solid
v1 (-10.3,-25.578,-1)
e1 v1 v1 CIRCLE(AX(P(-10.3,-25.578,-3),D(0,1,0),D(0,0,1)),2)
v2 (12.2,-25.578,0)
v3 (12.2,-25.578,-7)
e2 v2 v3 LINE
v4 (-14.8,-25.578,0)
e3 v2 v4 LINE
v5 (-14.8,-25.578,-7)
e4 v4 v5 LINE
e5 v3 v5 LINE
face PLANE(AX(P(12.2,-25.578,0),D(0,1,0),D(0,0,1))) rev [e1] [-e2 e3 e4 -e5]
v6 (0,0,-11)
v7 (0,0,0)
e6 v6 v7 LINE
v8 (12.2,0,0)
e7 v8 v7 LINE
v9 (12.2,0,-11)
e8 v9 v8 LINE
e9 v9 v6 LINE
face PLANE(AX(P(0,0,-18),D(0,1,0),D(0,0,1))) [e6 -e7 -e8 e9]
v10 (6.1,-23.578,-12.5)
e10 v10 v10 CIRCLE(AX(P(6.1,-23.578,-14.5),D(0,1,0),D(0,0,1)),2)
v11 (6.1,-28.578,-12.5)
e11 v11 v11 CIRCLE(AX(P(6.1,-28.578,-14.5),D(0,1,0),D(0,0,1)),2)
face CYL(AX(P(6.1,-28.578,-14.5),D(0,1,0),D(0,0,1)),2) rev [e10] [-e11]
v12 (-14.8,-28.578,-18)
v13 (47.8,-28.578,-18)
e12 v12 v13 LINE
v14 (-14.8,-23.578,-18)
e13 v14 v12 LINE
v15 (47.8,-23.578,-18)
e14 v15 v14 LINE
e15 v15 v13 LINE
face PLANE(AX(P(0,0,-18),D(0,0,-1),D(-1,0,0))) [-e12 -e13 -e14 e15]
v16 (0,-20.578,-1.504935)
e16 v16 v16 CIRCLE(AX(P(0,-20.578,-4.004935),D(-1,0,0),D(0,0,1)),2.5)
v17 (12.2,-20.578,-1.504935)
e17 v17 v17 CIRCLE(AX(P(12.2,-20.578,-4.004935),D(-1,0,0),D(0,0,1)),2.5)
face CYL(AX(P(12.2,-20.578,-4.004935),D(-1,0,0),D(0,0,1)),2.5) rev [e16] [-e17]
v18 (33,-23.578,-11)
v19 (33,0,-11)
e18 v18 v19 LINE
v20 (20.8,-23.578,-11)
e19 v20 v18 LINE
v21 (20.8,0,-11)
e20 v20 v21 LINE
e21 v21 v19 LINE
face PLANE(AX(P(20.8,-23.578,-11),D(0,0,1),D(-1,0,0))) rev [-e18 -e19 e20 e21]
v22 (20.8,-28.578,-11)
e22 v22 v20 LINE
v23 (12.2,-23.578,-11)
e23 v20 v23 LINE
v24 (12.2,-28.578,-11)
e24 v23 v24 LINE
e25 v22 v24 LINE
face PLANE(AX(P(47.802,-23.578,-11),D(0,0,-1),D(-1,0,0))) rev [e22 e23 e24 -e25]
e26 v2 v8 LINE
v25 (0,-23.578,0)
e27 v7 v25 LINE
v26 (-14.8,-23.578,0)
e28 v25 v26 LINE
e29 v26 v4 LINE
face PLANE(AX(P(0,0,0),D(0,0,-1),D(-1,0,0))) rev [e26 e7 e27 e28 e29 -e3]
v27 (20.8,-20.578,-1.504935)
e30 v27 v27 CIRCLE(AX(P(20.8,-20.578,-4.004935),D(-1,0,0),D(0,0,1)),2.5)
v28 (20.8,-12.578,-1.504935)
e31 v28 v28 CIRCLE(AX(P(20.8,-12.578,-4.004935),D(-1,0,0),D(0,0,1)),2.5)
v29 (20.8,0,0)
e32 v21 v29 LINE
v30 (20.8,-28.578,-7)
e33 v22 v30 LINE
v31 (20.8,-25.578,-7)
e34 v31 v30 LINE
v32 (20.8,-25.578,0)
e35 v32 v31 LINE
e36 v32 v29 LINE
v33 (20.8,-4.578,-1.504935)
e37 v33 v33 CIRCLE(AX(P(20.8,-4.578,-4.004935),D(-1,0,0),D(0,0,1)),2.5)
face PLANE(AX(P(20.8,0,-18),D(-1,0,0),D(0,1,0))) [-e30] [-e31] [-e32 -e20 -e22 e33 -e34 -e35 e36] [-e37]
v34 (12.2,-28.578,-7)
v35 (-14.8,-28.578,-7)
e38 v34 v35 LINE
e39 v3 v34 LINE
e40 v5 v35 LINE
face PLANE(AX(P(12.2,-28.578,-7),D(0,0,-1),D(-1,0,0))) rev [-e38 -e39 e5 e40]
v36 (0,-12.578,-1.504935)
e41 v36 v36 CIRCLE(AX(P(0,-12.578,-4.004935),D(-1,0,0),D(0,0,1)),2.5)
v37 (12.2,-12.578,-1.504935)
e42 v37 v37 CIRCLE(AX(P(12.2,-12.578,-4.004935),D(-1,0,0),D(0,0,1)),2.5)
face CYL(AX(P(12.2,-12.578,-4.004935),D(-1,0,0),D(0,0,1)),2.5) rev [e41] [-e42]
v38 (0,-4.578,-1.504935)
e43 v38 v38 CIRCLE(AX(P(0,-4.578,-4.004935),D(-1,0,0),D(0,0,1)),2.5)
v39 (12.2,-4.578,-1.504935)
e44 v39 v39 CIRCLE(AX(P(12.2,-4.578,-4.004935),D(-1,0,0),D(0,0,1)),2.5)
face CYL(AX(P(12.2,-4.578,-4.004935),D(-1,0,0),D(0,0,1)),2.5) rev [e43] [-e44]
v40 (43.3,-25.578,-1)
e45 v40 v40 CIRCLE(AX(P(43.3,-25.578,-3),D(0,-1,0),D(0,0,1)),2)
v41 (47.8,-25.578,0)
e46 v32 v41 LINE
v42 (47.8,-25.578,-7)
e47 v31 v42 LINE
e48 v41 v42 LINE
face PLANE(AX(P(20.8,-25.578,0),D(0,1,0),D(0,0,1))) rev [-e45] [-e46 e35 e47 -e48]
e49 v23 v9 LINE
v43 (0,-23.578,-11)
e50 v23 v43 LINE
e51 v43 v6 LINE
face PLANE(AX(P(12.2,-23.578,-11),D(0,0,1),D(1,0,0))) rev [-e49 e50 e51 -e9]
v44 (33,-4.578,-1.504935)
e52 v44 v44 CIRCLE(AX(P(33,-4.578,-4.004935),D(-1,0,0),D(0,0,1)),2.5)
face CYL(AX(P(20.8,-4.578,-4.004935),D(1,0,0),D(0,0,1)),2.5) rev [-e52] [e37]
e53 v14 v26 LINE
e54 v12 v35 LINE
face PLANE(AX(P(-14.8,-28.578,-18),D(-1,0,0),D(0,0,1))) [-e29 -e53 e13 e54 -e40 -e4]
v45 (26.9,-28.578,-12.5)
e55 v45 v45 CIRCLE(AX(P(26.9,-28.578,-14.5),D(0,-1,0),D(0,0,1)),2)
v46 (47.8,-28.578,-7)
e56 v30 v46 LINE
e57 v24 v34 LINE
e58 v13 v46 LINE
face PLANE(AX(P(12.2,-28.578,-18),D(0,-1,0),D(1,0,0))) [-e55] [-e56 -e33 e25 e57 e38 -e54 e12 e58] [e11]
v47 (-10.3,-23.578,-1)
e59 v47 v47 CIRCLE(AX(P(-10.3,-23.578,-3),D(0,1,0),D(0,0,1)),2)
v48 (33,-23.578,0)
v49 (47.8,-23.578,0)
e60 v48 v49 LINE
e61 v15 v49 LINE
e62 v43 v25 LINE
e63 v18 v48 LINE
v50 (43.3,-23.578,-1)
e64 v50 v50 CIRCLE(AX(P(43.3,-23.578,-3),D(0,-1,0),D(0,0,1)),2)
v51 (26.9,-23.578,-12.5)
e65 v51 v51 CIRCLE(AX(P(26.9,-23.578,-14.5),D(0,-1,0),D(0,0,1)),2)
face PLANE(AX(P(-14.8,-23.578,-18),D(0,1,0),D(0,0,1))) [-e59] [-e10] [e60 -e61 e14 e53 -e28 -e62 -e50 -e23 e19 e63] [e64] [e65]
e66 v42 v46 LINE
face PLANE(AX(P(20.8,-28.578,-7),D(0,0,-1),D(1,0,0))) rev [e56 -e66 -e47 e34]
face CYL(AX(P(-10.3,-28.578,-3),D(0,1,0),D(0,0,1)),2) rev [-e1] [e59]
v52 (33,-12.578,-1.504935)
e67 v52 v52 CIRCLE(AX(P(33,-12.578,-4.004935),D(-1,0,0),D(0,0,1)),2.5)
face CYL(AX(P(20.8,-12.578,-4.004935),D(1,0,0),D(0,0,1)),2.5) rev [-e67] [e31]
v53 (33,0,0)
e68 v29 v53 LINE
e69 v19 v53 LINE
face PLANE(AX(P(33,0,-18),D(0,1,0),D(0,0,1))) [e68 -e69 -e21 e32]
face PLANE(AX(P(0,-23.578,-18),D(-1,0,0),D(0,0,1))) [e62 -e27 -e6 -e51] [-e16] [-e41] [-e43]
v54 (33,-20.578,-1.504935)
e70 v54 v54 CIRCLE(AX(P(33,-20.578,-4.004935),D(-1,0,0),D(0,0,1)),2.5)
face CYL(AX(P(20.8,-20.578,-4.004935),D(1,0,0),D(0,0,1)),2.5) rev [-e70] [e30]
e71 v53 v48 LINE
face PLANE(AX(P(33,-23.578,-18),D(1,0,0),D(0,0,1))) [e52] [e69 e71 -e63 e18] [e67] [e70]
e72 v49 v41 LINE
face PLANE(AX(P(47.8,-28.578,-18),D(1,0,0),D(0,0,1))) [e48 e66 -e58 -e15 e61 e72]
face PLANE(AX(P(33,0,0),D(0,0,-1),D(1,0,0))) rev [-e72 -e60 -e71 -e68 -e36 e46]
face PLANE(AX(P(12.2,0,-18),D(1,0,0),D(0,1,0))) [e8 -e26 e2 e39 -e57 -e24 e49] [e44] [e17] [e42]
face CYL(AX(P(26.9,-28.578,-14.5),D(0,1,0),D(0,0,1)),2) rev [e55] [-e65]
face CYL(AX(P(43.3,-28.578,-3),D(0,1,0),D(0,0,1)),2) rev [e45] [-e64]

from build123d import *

# Parameters (mm, degrees)
BOSS_EXTRUDE1_DEPTH     = 18
CUT_EXTRUDE1_DEPTH      = 37.874680799
CUT_EXTRUDE1_DEPTH_BACK = 37.874680799
SKETCH2_R               = 2.5
SKETCH2_W               = 7
SKETCH2_H               = 23.578
SKETCH2_H_2             = 3
SKETCH3_R               = 2
CUT_EXTRUDE2_DEPTH      = 34.150597038
BOSS_EXTRUDE2_REACH     = 51.072
SKETCH4_W               = 7
SKETCH4_H               = 5


with BuildPart() as part:
    # Sketch1 → Boss-Extrude1 (new body)
    with BuildSketch(Plane.XY):
        Polygon((0, 0), (12.2, 0), (12.2, -28.578), (-14.8, -28.578), (-14.8, -23.578), (0, -23.578), align=None)
    extrude(amount=-BOSS_EXTRUDE1_DEPTH)

    # Sketch2 → Cut-Extrude1 (cut, two sides: drawn at the far end of the back side and taken through both)
    with BuildSketch(Plane.ZY.offset(-CUT_EXTRUDE1_DEPTH_BACK)):
        with Locations((-4.004934739, -20.578)):
            Circle(SKETCH2_R)
        with Locations((-4.004934739, -12.578)):
            Circle(SKETCH2_R)
        with Locations((-4.004934739, -4.578)):
            Circle(SKETCH2_R)
        with Locations((-14.5, -11.789)):
            Rectangle(SKETCH2_W, SKETCH2_H)
        with Locations((-3.5, -27.078)):
            Rectangle(SKETCH2_W, SKETCH2_H_2)
    extrude(amount=CUT_EXTRUDE1_DEPTH + CUT_EXTRUDE1_DEPTH_BACK, mode=Mode.SUBTRACT)

    # Sketch3 → Cut-Extrude2 (cut, through all)
    with BuildSketch(Plane(origin=(0, -23.578, 0), x_dir=(1, 0, 0), z_dir=(0, 1, 0))):
        with Locations(Location((-10.3, 3, 0), (0, 0, 270))):
            Circle(SKETCH3_R)
        with Locations(Location((6.1, 14.5, 0), (0, 0, 270))):
            Circle(SKETCH3_R)
    extrude(amount=-CUT_EXTRUDE2_DEPTH, mode=Mode.SUBTRACT)


with BuildPart() as body_2:
    # Mirror2: mirrored copy
    add(part.part.mirror(Plane(origin=(16.5, 0, 0), x_dir=(0, 0, 1), z_dir=(1, 0, 0))))

    # Sketch4 → Boss-Extrude2 (add, up to next)
    with BuildSketch(Plane(origin=(12.2, 0, 0), x_dir=(0, 0, -1), z_dir=(1, 0, 0)), mode=Mode.PRIVATE) as boss_extrude2_sk1:
        with Locations((14.5, -26.078)):
            Rectangle(SKETCH4_W, SKETCH4_H)
    boss_extrude2_tool1 = extrude(boss_extrude2_sk1.sketch, amount=BOSS_EXTRUDE2_REACH, mode=Mode.PRIVATE) - body_2.part

    add(part.part)  # Boss-Extrude2 merges part
    add(boss_extrude2_tool1.solids().sort_by_distance((12.2, -26.078, -14.5))[0])


solid = body_2.part
